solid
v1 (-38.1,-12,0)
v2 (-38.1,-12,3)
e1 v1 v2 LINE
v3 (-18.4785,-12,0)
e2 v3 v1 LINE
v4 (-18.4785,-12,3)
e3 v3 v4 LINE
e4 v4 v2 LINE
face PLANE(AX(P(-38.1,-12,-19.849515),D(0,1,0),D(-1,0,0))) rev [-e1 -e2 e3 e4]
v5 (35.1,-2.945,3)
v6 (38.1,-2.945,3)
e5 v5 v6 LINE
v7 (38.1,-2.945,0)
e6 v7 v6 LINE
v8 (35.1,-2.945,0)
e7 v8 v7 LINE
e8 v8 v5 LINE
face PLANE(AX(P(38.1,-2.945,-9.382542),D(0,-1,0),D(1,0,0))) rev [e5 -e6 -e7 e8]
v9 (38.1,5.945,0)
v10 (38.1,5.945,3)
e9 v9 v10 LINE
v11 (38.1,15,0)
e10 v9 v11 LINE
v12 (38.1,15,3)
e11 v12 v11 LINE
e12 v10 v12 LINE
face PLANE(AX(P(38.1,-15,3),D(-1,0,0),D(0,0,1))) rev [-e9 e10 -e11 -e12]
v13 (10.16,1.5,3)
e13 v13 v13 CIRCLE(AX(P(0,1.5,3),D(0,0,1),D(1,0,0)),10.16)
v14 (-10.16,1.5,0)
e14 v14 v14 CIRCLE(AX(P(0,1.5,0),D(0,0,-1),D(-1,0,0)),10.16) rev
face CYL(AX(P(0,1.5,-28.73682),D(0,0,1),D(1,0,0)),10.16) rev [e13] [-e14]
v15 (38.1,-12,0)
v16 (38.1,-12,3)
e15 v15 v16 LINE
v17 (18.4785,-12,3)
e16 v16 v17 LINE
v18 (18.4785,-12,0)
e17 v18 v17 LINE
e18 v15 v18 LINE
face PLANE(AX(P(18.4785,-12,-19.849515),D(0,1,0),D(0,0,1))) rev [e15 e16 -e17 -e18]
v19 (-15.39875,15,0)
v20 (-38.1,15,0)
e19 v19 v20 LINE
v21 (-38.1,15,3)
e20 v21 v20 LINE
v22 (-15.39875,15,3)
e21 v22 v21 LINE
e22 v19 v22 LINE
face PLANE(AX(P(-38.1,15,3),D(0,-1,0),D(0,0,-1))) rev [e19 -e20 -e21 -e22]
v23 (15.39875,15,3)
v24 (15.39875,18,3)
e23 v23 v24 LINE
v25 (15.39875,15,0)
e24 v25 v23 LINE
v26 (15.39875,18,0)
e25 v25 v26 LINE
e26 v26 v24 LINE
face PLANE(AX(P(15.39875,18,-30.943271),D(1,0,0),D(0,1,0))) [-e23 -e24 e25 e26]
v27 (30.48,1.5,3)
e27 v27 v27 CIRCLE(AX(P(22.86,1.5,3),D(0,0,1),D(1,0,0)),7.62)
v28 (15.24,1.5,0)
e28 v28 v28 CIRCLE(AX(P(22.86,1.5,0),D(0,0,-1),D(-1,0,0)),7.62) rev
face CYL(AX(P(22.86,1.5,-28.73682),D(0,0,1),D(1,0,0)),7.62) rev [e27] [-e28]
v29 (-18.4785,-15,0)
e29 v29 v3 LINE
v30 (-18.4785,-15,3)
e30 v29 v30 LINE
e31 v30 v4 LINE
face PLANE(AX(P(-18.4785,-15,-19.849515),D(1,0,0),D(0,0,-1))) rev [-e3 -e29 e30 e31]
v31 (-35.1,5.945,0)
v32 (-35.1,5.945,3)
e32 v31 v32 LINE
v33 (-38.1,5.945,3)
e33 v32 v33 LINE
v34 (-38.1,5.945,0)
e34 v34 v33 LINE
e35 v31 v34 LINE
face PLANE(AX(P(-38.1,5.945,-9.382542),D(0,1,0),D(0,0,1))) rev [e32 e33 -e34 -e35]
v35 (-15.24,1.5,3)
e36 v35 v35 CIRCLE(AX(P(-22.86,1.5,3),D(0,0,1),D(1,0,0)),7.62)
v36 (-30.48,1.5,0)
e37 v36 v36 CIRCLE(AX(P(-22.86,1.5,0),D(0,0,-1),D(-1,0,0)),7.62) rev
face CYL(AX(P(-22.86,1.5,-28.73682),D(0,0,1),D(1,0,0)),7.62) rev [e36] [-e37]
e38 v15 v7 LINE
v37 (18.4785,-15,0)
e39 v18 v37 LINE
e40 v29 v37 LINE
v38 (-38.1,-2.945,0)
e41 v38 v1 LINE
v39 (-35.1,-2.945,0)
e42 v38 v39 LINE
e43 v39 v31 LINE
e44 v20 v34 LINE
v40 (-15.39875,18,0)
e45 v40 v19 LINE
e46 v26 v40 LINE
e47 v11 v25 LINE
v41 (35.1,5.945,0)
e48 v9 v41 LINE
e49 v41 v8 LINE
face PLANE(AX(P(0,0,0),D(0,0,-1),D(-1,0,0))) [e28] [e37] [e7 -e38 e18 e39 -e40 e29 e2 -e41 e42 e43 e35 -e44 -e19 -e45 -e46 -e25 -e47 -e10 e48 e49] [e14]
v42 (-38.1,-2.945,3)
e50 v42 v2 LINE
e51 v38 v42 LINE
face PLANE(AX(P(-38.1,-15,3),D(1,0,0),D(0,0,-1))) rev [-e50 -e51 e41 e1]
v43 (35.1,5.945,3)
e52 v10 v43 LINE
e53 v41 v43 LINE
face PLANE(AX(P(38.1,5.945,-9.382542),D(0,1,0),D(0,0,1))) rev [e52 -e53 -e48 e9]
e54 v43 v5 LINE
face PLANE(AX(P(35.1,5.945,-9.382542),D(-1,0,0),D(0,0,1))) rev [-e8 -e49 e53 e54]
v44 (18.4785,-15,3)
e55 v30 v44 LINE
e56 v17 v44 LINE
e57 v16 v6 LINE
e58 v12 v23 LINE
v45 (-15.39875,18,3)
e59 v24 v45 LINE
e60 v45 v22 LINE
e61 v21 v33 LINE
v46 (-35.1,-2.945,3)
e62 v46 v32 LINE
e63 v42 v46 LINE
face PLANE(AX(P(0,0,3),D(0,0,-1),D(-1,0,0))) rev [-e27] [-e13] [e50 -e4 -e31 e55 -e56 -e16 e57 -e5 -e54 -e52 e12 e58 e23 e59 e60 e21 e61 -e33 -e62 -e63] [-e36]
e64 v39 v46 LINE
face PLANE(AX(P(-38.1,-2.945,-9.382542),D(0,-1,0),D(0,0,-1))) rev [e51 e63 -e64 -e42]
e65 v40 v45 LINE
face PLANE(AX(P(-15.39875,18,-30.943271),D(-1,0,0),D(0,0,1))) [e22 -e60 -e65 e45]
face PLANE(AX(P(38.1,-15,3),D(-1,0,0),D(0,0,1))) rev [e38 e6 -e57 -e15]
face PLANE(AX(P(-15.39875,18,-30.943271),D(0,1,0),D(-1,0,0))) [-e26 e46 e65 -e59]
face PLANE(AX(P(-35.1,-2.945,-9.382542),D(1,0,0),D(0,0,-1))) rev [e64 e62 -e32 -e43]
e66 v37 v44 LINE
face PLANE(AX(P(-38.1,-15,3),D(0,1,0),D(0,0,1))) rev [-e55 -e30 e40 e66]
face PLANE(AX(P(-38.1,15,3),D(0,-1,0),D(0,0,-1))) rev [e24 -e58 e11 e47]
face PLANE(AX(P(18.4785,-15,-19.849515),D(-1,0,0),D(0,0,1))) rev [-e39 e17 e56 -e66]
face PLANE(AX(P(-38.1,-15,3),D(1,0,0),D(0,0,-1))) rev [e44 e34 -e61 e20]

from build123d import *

# Parameters (mm, degrees)
SKETCH_1_W          = 76.2
SKETCH_1_H          = 30
EXTRUDE_1_DEPTH     = 3
SKETCH_2_W          = 19.6215
SKETCH_2_H          = 3
CUT_EXTRUDE_1_DEPTH = 3
SKETCH_3_W          = 3
SKETCH_3_H          = 8.89
CUT_EXTRUDE_2_DEPTH = 3
SKETCH_4_W          = 30.7975
SKETCH_4_H          = 3
EXTRUDE_2_DEPTH     = 3
SKETCH_6_R          = 10.16
SKETCH_6_R_2        = 7.62
CUT_EXTRUDE_4_DEPTH = 3


with BuildPart() as part:
    # 스케치1 → 보스-돌출1 (new body)
    with BuildSketch(Plane.XY):
        Rectangle(SKETCH_1_W, SKETCH_1_H)
    extrude(amount=EXTRUDE_1_DEPTH)

    # 스케치2 → 컷-돌출1 (cut)
    with BuildSketch(Plane.XY.offset(3)):
        with Locations((-28.28925, -13.5)):
            Rectangle(SKETCH_2_W, SKETCH_2_H)
        with Locations((28.28925, -13.5)):
            Rectangle(SKETCH_2_W, SKETCH_2_H)
    extrude(amount=-CUT_EXTRUDE_1_DEPTH, mode=Mode.SUBTRACT)

    # 스케치3 → 컷-돌출2 (cut)
    with BuildSketch(Plane.XY.offset(3)):
        with Locations((-36.6, 1.5)):
            Rectangle(SKETCH_3_W, SKETCH_3_H)
        with Locations((36.6, 1.5)):
            Rectangle(SKETCH_3_W, SKETCH_3_H)
    extrude(amount=-CUT_EXTRUDE_2_DEPTH, mode=Mode.SUBTRACT)

    # 스케치4 → 보스-돌출2 (add)
    with BuildSketch(Plane.XY.offset(3)):
        with Locations((0, 16.5)):
            Rectangle(SKETCH_4_W, SKETCH_4_H)
    extrude(amount=-EXTRUDE_2_DEPTH)

    # 스케치6 → 컷-돌출4 (cut)
    with BuildSketch(Plane.XY.offset(3)):
        with Locations((0, 1.5)):
            Circle(SKETCH_6_R)
        with Locations((-22.86, 1.5)):
            Circle(SKETCH_6_R_2)
        with Locations((22.86, 1.5)):
            Circle(SKETCH_6_R_2)
    extrude(amount=-CUT_EXTRUDE_4_DEPTH, mode=Mode.SUBTRACT)


solid = part.part
